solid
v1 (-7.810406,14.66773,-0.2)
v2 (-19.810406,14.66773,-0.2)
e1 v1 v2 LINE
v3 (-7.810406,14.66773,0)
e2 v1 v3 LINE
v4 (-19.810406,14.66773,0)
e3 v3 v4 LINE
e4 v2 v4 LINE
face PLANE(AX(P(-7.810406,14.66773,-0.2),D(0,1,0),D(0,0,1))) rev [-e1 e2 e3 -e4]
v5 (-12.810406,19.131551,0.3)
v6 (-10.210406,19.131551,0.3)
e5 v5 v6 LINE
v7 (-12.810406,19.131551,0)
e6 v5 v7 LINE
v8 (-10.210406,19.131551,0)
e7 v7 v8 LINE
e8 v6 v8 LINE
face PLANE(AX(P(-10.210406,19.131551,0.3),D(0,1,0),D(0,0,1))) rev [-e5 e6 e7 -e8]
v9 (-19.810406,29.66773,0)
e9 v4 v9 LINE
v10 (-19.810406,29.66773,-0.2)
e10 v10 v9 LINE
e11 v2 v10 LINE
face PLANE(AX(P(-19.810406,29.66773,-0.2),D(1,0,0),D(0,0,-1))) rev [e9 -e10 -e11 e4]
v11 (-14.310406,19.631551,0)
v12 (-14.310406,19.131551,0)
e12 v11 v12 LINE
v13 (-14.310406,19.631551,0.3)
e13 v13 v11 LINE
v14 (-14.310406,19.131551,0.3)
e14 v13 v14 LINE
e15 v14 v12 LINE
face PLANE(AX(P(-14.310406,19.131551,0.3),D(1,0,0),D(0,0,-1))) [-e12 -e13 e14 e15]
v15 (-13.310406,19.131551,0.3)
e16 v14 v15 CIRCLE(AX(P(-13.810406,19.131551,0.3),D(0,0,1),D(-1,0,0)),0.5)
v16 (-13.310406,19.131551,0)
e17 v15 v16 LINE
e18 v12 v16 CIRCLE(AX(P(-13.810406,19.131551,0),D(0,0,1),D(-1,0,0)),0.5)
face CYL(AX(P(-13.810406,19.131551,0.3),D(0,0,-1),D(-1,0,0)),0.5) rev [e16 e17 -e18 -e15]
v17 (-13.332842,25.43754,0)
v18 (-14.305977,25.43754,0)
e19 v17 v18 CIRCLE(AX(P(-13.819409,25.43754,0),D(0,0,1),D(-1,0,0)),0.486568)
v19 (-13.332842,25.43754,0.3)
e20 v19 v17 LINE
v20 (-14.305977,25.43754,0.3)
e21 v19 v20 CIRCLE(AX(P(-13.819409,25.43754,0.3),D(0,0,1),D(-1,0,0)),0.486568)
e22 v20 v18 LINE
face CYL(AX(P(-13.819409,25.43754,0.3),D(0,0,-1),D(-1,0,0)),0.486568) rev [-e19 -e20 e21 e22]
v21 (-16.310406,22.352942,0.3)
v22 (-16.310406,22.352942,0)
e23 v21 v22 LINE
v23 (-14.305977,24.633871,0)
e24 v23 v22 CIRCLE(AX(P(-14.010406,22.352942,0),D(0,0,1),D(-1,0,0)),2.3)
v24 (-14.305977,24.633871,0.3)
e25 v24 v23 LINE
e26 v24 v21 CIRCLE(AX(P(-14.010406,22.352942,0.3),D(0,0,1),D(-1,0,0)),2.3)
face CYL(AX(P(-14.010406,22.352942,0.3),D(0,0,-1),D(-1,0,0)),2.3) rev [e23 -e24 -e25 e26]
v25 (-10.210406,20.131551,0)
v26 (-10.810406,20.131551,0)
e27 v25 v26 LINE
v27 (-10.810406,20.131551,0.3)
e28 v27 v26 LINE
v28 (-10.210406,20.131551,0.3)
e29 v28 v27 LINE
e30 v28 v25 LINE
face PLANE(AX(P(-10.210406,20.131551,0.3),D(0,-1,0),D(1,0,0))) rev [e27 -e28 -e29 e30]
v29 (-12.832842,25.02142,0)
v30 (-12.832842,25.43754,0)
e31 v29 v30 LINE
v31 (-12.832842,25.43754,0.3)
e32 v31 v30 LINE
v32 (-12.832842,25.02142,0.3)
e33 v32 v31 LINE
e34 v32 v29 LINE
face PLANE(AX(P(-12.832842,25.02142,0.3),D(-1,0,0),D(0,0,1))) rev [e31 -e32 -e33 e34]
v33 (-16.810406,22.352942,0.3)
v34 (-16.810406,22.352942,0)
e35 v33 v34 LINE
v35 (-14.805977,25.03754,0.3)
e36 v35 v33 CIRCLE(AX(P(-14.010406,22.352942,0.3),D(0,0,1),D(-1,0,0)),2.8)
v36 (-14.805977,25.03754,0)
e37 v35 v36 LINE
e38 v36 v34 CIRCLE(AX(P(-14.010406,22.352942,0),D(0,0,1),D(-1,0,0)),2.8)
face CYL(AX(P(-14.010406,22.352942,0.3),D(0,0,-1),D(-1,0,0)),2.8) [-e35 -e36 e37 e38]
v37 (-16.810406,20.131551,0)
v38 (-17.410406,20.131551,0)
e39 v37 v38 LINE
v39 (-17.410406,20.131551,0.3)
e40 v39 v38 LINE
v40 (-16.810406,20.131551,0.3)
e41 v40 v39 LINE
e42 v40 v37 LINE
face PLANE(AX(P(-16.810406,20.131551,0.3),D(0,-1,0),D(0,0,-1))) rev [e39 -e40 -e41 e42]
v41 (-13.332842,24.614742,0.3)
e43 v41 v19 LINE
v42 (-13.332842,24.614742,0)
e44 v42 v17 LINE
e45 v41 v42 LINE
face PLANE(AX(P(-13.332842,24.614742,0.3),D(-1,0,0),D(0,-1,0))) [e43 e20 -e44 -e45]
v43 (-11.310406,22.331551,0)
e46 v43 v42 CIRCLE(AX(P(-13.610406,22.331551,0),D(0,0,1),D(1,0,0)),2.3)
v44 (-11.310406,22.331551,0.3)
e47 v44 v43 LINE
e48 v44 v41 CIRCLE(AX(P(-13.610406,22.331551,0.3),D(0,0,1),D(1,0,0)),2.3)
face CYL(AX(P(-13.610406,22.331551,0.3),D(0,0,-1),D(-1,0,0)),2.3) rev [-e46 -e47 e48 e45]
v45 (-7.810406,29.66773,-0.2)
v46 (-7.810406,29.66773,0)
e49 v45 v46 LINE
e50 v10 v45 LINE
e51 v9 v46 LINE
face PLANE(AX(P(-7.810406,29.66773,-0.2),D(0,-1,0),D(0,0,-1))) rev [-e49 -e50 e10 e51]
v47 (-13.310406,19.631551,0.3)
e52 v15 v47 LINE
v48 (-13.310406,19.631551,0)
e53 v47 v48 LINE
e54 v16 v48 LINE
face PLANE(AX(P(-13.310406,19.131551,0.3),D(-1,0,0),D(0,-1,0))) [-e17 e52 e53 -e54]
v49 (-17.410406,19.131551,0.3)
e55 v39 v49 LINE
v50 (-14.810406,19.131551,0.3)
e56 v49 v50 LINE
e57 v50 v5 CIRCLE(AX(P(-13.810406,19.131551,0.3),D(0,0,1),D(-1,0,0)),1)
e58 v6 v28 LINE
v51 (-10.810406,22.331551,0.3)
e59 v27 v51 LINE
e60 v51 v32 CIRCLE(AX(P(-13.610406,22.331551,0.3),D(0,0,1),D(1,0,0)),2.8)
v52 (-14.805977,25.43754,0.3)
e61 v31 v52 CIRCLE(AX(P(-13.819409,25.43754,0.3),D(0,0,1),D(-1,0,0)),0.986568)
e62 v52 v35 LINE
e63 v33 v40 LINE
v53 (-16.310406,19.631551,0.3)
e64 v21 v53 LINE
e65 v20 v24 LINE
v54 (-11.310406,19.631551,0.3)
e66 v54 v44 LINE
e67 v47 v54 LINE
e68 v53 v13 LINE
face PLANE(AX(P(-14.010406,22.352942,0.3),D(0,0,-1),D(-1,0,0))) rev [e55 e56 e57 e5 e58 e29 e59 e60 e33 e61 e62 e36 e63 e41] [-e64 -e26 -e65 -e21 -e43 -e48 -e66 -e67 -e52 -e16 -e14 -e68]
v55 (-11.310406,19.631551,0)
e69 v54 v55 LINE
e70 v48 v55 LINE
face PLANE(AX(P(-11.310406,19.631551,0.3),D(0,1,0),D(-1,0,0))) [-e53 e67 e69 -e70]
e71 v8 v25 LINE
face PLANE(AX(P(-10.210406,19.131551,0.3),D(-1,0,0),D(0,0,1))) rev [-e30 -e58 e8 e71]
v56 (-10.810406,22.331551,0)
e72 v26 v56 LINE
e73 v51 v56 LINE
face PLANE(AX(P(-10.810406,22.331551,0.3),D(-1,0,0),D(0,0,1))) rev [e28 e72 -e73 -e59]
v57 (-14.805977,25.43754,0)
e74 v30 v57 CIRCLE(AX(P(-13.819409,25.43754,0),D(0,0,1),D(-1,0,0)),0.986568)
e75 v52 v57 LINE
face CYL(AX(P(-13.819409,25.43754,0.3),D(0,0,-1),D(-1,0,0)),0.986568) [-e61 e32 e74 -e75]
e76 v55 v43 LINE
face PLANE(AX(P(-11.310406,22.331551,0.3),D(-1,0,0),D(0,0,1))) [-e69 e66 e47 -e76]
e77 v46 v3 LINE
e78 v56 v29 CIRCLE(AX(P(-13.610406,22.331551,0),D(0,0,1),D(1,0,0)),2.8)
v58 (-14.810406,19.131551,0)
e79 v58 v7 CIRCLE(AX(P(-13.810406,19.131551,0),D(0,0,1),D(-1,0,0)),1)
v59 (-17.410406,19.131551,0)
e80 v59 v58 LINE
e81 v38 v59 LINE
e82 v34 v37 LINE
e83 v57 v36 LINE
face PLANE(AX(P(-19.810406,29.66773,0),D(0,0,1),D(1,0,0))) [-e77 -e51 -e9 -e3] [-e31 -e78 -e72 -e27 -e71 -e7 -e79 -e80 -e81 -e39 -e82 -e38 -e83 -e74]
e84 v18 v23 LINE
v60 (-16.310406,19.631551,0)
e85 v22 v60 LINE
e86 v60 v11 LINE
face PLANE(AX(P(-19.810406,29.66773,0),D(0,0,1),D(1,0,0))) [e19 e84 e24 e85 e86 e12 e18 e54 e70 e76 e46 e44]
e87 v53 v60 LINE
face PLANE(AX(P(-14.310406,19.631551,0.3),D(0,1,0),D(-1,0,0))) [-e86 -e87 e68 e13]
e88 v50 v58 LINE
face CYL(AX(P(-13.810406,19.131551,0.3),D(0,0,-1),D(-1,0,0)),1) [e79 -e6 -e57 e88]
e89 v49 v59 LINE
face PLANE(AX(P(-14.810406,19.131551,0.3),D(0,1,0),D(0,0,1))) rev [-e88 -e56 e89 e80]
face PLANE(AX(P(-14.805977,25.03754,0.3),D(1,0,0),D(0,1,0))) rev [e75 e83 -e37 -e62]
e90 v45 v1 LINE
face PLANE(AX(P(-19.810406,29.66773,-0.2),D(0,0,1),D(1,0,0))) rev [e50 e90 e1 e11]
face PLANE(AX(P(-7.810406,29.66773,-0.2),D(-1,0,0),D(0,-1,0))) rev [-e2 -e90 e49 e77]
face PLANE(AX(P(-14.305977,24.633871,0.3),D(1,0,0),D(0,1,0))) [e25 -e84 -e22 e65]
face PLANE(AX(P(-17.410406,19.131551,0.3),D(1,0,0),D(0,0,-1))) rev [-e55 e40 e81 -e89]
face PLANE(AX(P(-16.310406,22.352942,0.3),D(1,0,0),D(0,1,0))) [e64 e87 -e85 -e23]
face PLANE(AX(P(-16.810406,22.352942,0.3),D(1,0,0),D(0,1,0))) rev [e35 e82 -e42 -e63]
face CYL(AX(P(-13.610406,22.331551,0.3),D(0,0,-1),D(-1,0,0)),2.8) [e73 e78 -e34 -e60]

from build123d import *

# Parameters (mm, degrees)
EXTRUSION3_DEPTH = 0.3
ESQUISSE2_W      = 12
ESQUISSE2_H      = 15
EXTRUSION4_DEPTH = 0.2


with BuildPart() as part:
    # Esquisse1 → Extrusion3 (new body)
    with BuildSketch(Plane.XY):
        with BuildLine():
            Line((-12.832841813, 25.021420219), (-12.832841813, 25.437540043))
            ThreePointArc((-12.832841813, 25.437540043), (-13.819409399, 26.424107629), (-14.805976985, 25.437540043))
            Line((-14.805976985, 25.437540043), (-14.805976985, 25.037540043))
            ThreePointArc((-14.805976985, 25.037540043), (-15.667751578, 24.60975507), (-16.333846188, 23.915512028))
            ThreePointArc((-16.333846188, 23.915512028), (-16.688617291, 23.169755053), (-16.810405862, 22.352942012))
            Line((-16.810405862, 22.352942012), (-16.810405862, 20.131551422))
            Line((-16.810405862, 20.131551422), (-17.410405862, 20.131551422))
            Line((-17.410405862, 20.131551422), (-17.410405862, 19.131551422))
            Line((-17.410405862, 19.131551422), (-14.810405862, 19.131551422))
            ThreePointArc((-14.810405862, 19.131551422), (-13.810405862, 18.131551422), (-12.810405862, 19.131551422))
            Line((-12.810405862, 19.131551422), (-10.210405862, 19.131551422))
            Line((-10.210405862, 19.131551422), (-10.210405862, 20.131551422))
            Line((-10.210405862, 20.131551422), (-10.810405862, 20.131551422))
            Line((-10.810405862, 20.131551422), (-10.810405862, 22.331551422))
            ThreePointArc((-10.810405862, 22.331551422), (-11.372418001, 24.014230931), (-12.832841813, 25.021420219))
        make_face()
        with BuildLine():
            Line((-11.310405862, 22.331551422), (-11.310405862, 19.631551422))
            Line((-11.310405862, 19.631551422), (-13.310405862, 19.631551422))
            Line((-13.310405862, 19.631551422), (-13.310405862, 19.131551422))
            ThreePointArc((-13.310405862, 19.131551422), (-13.810405862, 18.631551422), (-14.310405862, 19.131551422))
            Line((-14.310405862, 19.131551422), (-14.310405862, 19.631551422))
            Line((-14.310405862, 19.631551422), (-16.310405862, 19.631551422))
            Line((-16.310405862, 19.631551422), (-16.310405862, 22.352942012))
            ThreePointArc((-16.310405862, 22.352942012), (-16.21036525, 23.023895582), (-15.91894613, 23.636481668))
            ThreePointArc((-15.91894613, 23.636481668), (-15.220043493, 24.309156929), (-14.305976985, 24.633871146))
            Line((-14.305976985, 24.633871146), (-14.305976985, 25.437540043))
            ThreePointArc((-14.305976985, 25.437540043), (-13.819409399, 25.924107629), (-13.332841813, 25.437540043))
            Line((-13.332841813, 25.437540043), (-13.332841813, 24.614741777))
            ThreePointArc((-13.332841813, 24.614741777), (-11.888721032, 23.856609238), (-11.310405862, 22.331551422))
        make_face(mode=Mode.SUBTRACT)
    extrude(amount=EXTRUSION3_DEPTH)

    # Esquisse2 → Extrusion4 (add)
    with BuildSketch(Plane(origin=(0, 0, 0), x_dir=(-1, 0, 0), z_dir=(0, 0, -1))):
        with Locations((13.810405862, 22.167730135)):
            Rectangle(ESQUISSE2_W, ESQUISSE2_H)
    extrude(amount=EXTRUSION4_DEPTH)


solid = part.part
